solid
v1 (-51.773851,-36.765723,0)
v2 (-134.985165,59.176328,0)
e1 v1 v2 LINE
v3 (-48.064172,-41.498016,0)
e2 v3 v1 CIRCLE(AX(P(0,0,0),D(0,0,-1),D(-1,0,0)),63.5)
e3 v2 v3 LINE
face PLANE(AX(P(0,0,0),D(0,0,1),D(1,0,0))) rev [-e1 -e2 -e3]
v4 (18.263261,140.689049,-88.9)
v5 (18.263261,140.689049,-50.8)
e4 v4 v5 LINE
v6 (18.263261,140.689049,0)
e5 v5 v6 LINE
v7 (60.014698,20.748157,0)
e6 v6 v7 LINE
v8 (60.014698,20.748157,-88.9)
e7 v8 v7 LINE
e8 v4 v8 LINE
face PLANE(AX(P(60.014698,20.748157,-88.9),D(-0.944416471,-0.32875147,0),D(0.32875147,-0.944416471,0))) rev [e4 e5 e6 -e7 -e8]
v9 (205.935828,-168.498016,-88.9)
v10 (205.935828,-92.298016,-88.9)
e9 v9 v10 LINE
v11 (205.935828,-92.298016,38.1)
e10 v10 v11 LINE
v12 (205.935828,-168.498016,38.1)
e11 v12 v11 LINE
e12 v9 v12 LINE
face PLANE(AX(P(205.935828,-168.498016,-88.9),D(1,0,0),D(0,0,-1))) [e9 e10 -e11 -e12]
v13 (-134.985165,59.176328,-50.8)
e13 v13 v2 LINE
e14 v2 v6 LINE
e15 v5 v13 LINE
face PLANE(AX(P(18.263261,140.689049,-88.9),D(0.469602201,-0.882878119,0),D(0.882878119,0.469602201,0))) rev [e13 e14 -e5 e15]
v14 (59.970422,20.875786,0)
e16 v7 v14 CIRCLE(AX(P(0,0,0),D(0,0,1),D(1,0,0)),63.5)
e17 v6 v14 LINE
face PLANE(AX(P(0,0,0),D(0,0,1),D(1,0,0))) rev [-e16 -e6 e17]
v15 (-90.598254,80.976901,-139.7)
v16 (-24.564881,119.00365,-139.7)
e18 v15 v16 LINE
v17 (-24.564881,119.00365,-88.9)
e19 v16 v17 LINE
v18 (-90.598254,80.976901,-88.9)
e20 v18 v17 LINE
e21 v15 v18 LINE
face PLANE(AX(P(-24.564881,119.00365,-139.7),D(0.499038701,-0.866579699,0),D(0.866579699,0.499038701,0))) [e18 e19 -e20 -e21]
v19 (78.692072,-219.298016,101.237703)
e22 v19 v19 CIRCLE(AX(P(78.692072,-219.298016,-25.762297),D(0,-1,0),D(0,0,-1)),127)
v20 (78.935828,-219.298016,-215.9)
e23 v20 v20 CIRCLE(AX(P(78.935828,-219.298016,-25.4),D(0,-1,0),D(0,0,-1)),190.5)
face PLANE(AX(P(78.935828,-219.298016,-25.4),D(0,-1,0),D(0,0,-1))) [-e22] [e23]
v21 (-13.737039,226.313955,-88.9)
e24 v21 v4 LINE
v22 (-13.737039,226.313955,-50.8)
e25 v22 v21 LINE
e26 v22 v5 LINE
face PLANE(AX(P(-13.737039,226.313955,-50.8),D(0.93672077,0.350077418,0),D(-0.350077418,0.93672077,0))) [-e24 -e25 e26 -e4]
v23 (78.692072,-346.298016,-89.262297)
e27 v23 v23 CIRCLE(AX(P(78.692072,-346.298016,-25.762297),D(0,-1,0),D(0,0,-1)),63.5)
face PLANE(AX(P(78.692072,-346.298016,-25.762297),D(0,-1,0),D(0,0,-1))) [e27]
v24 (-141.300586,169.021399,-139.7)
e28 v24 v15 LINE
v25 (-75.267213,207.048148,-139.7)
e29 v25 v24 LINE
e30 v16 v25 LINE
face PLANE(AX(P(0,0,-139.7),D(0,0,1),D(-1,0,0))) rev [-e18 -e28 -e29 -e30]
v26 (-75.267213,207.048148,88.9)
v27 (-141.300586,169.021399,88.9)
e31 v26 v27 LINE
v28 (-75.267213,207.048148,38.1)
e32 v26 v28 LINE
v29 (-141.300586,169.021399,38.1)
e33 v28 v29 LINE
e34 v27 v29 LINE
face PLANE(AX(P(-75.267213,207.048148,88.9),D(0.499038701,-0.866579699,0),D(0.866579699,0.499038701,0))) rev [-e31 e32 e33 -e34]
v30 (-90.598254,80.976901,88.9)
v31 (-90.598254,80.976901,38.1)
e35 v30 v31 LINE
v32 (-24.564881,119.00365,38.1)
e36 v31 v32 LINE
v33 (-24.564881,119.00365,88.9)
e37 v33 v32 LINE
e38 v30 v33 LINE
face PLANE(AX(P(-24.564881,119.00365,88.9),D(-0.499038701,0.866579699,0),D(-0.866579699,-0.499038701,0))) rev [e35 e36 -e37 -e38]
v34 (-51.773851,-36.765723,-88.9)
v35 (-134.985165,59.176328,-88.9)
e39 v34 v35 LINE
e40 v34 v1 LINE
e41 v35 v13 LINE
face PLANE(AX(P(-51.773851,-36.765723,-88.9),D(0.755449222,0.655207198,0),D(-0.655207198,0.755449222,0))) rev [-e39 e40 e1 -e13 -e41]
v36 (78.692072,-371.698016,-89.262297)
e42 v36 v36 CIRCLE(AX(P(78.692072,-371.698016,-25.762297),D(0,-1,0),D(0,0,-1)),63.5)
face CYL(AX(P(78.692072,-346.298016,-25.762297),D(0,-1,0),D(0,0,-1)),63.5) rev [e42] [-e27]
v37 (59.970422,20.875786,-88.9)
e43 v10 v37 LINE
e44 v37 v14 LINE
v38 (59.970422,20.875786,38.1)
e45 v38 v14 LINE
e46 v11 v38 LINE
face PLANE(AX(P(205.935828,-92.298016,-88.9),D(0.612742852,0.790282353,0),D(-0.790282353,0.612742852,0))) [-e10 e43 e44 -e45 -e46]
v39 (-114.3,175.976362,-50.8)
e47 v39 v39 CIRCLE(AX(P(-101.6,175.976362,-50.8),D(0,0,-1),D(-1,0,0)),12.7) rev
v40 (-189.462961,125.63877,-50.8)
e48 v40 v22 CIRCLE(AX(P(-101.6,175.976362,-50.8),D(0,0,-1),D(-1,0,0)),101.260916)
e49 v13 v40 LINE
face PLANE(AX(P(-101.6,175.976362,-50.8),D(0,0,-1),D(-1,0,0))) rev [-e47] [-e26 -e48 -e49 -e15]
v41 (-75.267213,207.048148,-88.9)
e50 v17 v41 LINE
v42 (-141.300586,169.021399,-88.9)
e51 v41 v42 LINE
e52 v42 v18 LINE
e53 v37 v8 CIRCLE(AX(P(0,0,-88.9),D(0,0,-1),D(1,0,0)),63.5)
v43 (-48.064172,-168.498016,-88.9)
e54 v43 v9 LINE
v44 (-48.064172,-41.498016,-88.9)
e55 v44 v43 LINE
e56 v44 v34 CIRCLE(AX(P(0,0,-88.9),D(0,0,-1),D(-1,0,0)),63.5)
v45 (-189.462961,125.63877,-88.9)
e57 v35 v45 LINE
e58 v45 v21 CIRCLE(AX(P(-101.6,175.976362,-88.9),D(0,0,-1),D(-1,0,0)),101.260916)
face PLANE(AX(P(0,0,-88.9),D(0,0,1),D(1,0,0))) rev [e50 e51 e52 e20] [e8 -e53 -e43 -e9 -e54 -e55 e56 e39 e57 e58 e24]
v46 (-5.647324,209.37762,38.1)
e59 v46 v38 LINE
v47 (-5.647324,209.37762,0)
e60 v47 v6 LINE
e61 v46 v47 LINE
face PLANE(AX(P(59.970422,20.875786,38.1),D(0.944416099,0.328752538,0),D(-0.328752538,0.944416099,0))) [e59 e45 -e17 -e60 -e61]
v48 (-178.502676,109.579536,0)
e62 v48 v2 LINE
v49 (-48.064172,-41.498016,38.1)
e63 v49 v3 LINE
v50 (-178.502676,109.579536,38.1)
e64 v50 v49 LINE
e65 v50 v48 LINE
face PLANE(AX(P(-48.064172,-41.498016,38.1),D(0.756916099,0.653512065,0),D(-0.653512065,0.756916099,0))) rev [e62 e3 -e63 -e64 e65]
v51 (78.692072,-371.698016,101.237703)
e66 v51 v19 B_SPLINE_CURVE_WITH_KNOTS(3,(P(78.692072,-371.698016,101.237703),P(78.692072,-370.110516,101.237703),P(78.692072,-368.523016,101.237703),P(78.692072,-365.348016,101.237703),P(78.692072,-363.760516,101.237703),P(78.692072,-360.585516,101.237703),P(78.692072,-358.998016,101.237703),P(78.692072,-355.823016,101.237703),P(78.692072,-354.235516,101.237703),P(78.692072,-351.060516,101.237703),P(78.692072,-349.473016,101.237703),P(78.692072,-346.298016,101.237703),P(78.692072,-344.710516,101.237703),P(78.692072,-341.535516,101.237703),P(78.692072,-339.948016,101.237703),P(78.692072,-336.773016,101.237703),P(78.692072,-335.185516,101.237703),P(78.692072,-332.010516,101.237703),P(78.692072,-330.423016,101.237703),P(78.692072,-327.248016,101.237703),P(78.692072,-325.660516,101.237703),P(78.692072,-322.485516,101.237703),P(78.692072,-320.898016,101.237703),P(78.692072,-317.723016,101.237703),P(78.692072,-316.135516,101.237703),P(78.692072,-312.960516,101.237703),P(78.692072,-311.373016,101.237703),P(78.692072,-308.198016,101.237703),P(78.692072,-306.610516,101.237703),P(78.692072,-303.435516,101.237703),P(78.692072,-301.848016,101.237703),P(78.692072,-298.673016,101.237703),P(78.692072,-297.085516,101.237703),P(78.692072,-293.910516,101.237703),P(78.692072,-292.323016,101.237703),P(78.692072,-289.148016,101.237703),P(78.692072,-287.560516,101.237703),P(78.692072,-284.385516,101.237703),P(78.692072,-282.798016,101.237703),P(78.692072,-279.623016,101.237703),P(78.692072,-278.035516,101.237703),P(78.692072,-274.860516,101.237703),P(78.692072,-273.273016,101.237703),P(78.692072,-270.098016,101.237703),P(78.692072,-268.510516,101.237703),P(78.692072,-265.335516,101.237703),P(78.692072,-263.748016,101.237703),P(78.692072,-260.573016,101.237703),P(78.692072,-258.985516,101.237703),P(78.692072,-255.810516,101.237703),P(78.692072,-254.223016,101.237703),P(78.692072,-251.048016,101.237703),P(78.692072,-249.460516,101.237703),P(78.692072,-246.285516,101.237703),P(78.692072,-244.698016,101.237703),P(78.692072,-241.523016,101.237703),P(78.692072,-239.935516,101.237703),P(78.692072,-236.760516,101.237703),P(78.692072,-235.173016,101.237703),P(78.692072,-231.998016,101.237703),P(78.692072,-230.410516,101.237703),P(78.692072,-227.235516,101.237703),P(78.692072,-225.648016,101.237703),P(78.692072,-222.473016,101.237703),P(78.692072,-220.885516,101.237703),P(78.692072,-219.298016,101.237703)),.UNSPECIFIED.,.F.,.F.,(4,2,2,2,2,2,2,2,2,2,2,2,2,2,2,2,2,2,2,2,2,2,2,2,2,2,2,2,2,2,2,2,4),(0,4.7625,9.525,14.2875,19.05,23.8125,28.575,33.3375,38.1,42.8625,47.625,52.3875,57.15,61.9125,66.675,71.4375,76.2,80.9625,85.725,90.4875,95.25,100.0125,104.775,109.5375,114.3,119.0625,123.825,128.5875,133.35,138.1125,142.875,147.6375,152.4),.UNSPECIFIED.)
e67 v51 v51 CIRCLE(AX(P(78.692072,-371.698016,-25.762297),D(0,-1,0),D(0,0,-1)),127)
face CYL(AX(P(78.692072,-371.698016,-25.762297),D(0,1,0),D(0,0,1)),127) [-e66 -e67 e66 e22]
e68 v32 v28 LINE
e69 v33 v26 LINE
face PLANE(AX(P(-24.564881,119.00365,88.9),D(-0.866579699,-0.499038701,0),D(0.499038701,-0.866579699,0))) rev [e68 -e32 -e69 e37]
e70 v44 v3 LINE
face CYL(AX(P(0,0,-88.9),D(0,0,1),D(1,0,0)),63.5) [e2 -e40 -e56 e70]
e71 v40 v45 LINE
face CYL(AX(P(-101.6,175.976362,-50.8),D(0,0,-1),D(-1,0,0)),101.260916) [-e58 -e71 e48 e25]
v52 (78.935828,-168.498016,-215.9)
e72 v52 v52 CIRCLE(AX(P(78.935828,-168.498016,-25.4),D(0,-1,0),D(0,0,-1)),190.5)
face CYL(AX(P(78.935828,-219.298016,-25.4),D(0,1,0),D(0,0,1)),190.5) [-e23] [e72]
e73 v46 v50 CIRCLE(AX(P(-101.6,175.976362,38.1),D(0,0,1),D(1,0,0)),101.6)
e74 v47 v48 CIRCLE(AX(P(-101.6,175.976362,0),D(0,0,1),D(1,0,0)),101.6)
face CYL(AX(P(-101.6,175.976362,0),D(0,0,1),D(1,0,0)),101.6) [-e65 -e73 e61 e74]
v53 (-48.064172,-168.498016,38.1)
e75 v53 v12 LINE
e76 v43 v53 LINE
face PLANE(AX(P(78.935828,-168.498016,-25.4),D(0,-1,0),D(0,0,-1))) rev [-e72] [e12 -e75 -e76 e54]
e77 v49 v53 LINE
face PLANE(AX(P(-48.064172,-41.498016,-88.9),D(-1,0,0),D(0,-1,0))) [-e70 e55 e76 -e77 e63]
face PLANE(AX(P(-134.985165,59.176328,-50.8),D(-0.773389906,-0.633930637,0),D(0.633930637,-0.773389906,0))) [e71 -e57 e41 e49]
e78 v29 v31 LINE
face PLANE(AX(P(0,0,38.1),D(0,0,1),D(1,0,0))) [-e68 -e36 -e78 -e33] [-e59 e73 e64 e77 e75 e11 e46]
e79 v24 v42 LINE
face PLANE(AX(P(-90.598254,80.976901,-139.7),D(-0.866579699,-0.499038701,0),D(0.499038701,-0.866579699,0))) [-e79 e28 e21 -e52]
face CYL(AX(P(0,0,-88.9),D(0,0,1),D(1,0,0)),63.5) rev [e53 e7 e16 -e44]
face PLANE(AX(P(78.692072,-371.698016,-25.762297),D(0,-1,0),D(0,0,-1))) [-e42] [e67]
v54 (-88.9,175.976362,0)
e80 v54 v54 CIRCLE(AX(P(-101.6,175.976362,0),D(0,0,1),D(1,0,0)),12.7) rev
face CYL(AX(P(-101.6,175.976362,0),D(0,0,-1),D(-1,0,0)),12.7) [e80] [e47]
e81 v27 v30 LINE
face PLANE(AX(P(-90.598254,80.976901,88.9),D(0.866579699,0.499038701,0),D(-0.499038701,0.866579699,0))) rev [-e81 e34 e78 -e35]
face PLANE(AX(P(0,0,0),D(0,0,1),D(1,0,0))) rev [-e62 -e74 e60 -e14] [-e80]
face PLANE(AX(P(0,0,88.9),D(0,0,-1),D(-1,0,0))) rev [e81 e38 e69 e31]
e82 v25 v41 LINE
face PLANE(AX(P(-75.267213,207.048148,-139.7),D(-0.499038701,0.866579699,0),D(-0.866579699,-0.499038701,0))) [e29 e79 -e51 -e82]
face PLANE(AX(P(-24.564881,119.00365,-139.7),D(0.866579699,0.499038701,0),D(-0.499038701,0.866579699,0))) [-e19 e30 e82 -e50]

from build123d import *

# Parameters (mm, degrees)
BOSS_EXTRUDE3_DEPTH  = 38.1
BOSS_EXTRUDE4_START  = -38.1
SKETCH2_R            = 101.6
SKETCH2_R_2          = 63.5
BOSS_EXTRUDE4_DEPTH  = 38.1
BOSS_EXTRUDE5_START  = -127
BOSS_EXTRUDE5_DEPTH  = 127
BOSS_EXTRUDE7_START  = 88.9
BOSS_EXTRUDE7_DEPTH  = 88.9
BOSS_EXTRUDE8_DEPTH  = 38.1
SKETCH9_R            = 190.5
BOSS_EXTRUDE9_DEPTH  = 50.8
SKETCH15_R           = 127
BOSS_EXTRUDE10_DEPTH = 152.4
SKETCH16_R           = 12.7
BOSS_EXTRUDE11_DEPTH = 50.8
SKETCH17_R           = 63.5
CUT_EXTRUDE1_DEPTH   = 25.4
BOSS_EXTRUDE12_DEPTH = 50.8


with BuildPart() as part:
    # Sketch1 → Boss-Extrude3 (new body)
    with BuildSketch(Plane.XY):
        with BuildLine():
            ThreePointArc((0, 175.976362049), (-66.179327011, 80.750651629), (-178.502675689, 109.579536282))
            Line((-178.502675689, 109.579536282), (-48.064172306, -41.498016104))
            ThreePointArc((-48.064172306, -41.498016104), (-31.75, 54.99261314), (59.970422306, 20.875786176))
            Line((59.970422306, 20.875786176), (-5.647324311, 209.377619931))
            ThreePointArc((-5.647324311, 209.377619931), (-1.421779188, 192.914014631), (0, 175.976362049))
        make_face()
    extrude(amount=BOSS_EXTRUDE3_DEPTH)

    # Sketch2 → Boss-Extrude4 (add)
    with BuildSketch(Plane.XY.offset(38.1).offset(BOSS_EXTRUDE4_START)):
        with Locations((-101.6, 175.976362049)):
            Circle(SKETCH2_R)
        Circle(SKETCH2_R_2)
    extrude(amount=BOSS_EXTRUDE4_DEPTH)

    # Sketch3 → Boss-Extrude5 (add)
    with BuildSketch(Plane.XY.offset(38.1).offset(BOSS_EXTRUDE5_START)):
        with BuildLine():
            Line((-48.064172306, -41.498016104), (-48.064172306, -168.498016104))
            Line((-48.064172306, -168.498016104), (205.935827694, -168.498016104))
            Line((205.935827694, -168.498016104), (205.935827694, -92.298016104))
            Line((205.935827694, -92.298016104), (59.970422306, 20.875786176))
            ThreePointArc((59.970422306, 20.875786176), (31.75, -54.99261314), (-48.064172306, -41.498016104))
        make_face()
    extrude(amount=BOSS_EXTRUDE5_DEPTH)

    # Sketch4 → Boss-Extrude7 (add)
    with BuildSketch(Plane(origin=(0, 0, 0), x_dir=(-1, 0, 0), z_dir=(0, 0, -1)).offset(BOSS_EXTRUDE7_START)):
        with BuildLine():
            Line((-60.014697878, 20.748157474), (-18.263261234, 140.689049326))
            Line((-18.263261234, 140.689049326), (134.985164693, 59.176328053))
            Line((134.985164693, 59.176328053), (51.773850531, -36.765723184))
            ThreePointArc((51.773850531, -36.765723184), (-29.050636969, -56.465126332), (-60.014697878, 20.748157474))
        make_face()
    extrude(amount=-BOSS_EXTRUDE7_DEPTH)

    # Sketch11 → Boss-Extrude8 (add)
    with BuildSketch(Plane(origin=(0, 0, -88.9), x_dir=(-1, 0, 0), z_dir=(0, 0, -1))):
        with BuildLine():
            Line((13.737038838, 226.313954509), (-18.263261234, 140.689049326))
            Line((-18.263261234, 140.689049326), (134.985164693, 59.176328053))
            Line((134.985164693, 59.176328053), (189.462961162, 125.638769589))
            ThreePointArc((189.462961162, 125.638769589), (151.93759246, 263.839323211), (13.737038838, 226.313954509))
        make_face()
    extrude(amount=-BOSS_EXTRUDE8_DEPTH)

    # Sketch9 → Boss-Extrude9 (add)
    with BuildSketch(Plane(origin=(0, -168.498016104, 0), x_dir=(-1, 0, 0), z_dir=(0, -1, 0))):
        with Locations(Location((-78.935827694, 25.4, 0), (0, 0, 90))):
            Circle(SKETCH9_R)
    extrude(amount=BOSS_EXTRUDE9_DEPTH)

    # Sketch15 → Boss-Extrude10 (add)
    with BuildSketch(Plane.XZ.offset(219.298016104)):
        with Locations(Location((78.692071522, -25.762296975, 0), (0, 0, 90))):
            Circle(SKETCH15_R)
    extrude(amount=BOSS_EXTRUDE10_DEPTH)

    # Sketch16 → Boss-Extrude11 (add)
    with BuildSketch(Plane.XY.offset(-50.8)):
        with Locations(Location((-101.6, 175.976362049, 0), (0, 0, 180))):
            Circle(SKETCH16_R)
    extrude(amount=BOSS_EXTRUDE11_DEPTH)

    # Sketch17 → Cut-Extrude1 (cut)
    with BuildSketch(Plane.XZ.offset(371.698016104)):
        with Locations(Location((78.692071522, -25.762296975, 0), (0, 0, 270))):
            Circle(SKETCH17_R)
    extrude(amount=-CUT_EXTRUDE1_DEPTH, mode=Mode.SUBTRACT)

    # Sketch19 → Boss-Extrude12 (add)
    with BuildSketch(Plane.XY.offset(38.1)):
        Polygon((-24.564880981, 119.003650496), (-75.267213011, 207.048147921), (-141.300586079, 169.021398898), (-90.598254049, 80.976901474), align=None)
    boss_extrude12 = extrude(amount=BOSS_EXTRUDE12_DEPTH)

    # Mirror1: Boss-Extrude12 across plane
    add(boss_extrude12.mirror(Plane(origin=(0, 0, -25.4), x_dir=(1, 0, 0), z_dir=(0, 0, -1))))


solid = part.part
